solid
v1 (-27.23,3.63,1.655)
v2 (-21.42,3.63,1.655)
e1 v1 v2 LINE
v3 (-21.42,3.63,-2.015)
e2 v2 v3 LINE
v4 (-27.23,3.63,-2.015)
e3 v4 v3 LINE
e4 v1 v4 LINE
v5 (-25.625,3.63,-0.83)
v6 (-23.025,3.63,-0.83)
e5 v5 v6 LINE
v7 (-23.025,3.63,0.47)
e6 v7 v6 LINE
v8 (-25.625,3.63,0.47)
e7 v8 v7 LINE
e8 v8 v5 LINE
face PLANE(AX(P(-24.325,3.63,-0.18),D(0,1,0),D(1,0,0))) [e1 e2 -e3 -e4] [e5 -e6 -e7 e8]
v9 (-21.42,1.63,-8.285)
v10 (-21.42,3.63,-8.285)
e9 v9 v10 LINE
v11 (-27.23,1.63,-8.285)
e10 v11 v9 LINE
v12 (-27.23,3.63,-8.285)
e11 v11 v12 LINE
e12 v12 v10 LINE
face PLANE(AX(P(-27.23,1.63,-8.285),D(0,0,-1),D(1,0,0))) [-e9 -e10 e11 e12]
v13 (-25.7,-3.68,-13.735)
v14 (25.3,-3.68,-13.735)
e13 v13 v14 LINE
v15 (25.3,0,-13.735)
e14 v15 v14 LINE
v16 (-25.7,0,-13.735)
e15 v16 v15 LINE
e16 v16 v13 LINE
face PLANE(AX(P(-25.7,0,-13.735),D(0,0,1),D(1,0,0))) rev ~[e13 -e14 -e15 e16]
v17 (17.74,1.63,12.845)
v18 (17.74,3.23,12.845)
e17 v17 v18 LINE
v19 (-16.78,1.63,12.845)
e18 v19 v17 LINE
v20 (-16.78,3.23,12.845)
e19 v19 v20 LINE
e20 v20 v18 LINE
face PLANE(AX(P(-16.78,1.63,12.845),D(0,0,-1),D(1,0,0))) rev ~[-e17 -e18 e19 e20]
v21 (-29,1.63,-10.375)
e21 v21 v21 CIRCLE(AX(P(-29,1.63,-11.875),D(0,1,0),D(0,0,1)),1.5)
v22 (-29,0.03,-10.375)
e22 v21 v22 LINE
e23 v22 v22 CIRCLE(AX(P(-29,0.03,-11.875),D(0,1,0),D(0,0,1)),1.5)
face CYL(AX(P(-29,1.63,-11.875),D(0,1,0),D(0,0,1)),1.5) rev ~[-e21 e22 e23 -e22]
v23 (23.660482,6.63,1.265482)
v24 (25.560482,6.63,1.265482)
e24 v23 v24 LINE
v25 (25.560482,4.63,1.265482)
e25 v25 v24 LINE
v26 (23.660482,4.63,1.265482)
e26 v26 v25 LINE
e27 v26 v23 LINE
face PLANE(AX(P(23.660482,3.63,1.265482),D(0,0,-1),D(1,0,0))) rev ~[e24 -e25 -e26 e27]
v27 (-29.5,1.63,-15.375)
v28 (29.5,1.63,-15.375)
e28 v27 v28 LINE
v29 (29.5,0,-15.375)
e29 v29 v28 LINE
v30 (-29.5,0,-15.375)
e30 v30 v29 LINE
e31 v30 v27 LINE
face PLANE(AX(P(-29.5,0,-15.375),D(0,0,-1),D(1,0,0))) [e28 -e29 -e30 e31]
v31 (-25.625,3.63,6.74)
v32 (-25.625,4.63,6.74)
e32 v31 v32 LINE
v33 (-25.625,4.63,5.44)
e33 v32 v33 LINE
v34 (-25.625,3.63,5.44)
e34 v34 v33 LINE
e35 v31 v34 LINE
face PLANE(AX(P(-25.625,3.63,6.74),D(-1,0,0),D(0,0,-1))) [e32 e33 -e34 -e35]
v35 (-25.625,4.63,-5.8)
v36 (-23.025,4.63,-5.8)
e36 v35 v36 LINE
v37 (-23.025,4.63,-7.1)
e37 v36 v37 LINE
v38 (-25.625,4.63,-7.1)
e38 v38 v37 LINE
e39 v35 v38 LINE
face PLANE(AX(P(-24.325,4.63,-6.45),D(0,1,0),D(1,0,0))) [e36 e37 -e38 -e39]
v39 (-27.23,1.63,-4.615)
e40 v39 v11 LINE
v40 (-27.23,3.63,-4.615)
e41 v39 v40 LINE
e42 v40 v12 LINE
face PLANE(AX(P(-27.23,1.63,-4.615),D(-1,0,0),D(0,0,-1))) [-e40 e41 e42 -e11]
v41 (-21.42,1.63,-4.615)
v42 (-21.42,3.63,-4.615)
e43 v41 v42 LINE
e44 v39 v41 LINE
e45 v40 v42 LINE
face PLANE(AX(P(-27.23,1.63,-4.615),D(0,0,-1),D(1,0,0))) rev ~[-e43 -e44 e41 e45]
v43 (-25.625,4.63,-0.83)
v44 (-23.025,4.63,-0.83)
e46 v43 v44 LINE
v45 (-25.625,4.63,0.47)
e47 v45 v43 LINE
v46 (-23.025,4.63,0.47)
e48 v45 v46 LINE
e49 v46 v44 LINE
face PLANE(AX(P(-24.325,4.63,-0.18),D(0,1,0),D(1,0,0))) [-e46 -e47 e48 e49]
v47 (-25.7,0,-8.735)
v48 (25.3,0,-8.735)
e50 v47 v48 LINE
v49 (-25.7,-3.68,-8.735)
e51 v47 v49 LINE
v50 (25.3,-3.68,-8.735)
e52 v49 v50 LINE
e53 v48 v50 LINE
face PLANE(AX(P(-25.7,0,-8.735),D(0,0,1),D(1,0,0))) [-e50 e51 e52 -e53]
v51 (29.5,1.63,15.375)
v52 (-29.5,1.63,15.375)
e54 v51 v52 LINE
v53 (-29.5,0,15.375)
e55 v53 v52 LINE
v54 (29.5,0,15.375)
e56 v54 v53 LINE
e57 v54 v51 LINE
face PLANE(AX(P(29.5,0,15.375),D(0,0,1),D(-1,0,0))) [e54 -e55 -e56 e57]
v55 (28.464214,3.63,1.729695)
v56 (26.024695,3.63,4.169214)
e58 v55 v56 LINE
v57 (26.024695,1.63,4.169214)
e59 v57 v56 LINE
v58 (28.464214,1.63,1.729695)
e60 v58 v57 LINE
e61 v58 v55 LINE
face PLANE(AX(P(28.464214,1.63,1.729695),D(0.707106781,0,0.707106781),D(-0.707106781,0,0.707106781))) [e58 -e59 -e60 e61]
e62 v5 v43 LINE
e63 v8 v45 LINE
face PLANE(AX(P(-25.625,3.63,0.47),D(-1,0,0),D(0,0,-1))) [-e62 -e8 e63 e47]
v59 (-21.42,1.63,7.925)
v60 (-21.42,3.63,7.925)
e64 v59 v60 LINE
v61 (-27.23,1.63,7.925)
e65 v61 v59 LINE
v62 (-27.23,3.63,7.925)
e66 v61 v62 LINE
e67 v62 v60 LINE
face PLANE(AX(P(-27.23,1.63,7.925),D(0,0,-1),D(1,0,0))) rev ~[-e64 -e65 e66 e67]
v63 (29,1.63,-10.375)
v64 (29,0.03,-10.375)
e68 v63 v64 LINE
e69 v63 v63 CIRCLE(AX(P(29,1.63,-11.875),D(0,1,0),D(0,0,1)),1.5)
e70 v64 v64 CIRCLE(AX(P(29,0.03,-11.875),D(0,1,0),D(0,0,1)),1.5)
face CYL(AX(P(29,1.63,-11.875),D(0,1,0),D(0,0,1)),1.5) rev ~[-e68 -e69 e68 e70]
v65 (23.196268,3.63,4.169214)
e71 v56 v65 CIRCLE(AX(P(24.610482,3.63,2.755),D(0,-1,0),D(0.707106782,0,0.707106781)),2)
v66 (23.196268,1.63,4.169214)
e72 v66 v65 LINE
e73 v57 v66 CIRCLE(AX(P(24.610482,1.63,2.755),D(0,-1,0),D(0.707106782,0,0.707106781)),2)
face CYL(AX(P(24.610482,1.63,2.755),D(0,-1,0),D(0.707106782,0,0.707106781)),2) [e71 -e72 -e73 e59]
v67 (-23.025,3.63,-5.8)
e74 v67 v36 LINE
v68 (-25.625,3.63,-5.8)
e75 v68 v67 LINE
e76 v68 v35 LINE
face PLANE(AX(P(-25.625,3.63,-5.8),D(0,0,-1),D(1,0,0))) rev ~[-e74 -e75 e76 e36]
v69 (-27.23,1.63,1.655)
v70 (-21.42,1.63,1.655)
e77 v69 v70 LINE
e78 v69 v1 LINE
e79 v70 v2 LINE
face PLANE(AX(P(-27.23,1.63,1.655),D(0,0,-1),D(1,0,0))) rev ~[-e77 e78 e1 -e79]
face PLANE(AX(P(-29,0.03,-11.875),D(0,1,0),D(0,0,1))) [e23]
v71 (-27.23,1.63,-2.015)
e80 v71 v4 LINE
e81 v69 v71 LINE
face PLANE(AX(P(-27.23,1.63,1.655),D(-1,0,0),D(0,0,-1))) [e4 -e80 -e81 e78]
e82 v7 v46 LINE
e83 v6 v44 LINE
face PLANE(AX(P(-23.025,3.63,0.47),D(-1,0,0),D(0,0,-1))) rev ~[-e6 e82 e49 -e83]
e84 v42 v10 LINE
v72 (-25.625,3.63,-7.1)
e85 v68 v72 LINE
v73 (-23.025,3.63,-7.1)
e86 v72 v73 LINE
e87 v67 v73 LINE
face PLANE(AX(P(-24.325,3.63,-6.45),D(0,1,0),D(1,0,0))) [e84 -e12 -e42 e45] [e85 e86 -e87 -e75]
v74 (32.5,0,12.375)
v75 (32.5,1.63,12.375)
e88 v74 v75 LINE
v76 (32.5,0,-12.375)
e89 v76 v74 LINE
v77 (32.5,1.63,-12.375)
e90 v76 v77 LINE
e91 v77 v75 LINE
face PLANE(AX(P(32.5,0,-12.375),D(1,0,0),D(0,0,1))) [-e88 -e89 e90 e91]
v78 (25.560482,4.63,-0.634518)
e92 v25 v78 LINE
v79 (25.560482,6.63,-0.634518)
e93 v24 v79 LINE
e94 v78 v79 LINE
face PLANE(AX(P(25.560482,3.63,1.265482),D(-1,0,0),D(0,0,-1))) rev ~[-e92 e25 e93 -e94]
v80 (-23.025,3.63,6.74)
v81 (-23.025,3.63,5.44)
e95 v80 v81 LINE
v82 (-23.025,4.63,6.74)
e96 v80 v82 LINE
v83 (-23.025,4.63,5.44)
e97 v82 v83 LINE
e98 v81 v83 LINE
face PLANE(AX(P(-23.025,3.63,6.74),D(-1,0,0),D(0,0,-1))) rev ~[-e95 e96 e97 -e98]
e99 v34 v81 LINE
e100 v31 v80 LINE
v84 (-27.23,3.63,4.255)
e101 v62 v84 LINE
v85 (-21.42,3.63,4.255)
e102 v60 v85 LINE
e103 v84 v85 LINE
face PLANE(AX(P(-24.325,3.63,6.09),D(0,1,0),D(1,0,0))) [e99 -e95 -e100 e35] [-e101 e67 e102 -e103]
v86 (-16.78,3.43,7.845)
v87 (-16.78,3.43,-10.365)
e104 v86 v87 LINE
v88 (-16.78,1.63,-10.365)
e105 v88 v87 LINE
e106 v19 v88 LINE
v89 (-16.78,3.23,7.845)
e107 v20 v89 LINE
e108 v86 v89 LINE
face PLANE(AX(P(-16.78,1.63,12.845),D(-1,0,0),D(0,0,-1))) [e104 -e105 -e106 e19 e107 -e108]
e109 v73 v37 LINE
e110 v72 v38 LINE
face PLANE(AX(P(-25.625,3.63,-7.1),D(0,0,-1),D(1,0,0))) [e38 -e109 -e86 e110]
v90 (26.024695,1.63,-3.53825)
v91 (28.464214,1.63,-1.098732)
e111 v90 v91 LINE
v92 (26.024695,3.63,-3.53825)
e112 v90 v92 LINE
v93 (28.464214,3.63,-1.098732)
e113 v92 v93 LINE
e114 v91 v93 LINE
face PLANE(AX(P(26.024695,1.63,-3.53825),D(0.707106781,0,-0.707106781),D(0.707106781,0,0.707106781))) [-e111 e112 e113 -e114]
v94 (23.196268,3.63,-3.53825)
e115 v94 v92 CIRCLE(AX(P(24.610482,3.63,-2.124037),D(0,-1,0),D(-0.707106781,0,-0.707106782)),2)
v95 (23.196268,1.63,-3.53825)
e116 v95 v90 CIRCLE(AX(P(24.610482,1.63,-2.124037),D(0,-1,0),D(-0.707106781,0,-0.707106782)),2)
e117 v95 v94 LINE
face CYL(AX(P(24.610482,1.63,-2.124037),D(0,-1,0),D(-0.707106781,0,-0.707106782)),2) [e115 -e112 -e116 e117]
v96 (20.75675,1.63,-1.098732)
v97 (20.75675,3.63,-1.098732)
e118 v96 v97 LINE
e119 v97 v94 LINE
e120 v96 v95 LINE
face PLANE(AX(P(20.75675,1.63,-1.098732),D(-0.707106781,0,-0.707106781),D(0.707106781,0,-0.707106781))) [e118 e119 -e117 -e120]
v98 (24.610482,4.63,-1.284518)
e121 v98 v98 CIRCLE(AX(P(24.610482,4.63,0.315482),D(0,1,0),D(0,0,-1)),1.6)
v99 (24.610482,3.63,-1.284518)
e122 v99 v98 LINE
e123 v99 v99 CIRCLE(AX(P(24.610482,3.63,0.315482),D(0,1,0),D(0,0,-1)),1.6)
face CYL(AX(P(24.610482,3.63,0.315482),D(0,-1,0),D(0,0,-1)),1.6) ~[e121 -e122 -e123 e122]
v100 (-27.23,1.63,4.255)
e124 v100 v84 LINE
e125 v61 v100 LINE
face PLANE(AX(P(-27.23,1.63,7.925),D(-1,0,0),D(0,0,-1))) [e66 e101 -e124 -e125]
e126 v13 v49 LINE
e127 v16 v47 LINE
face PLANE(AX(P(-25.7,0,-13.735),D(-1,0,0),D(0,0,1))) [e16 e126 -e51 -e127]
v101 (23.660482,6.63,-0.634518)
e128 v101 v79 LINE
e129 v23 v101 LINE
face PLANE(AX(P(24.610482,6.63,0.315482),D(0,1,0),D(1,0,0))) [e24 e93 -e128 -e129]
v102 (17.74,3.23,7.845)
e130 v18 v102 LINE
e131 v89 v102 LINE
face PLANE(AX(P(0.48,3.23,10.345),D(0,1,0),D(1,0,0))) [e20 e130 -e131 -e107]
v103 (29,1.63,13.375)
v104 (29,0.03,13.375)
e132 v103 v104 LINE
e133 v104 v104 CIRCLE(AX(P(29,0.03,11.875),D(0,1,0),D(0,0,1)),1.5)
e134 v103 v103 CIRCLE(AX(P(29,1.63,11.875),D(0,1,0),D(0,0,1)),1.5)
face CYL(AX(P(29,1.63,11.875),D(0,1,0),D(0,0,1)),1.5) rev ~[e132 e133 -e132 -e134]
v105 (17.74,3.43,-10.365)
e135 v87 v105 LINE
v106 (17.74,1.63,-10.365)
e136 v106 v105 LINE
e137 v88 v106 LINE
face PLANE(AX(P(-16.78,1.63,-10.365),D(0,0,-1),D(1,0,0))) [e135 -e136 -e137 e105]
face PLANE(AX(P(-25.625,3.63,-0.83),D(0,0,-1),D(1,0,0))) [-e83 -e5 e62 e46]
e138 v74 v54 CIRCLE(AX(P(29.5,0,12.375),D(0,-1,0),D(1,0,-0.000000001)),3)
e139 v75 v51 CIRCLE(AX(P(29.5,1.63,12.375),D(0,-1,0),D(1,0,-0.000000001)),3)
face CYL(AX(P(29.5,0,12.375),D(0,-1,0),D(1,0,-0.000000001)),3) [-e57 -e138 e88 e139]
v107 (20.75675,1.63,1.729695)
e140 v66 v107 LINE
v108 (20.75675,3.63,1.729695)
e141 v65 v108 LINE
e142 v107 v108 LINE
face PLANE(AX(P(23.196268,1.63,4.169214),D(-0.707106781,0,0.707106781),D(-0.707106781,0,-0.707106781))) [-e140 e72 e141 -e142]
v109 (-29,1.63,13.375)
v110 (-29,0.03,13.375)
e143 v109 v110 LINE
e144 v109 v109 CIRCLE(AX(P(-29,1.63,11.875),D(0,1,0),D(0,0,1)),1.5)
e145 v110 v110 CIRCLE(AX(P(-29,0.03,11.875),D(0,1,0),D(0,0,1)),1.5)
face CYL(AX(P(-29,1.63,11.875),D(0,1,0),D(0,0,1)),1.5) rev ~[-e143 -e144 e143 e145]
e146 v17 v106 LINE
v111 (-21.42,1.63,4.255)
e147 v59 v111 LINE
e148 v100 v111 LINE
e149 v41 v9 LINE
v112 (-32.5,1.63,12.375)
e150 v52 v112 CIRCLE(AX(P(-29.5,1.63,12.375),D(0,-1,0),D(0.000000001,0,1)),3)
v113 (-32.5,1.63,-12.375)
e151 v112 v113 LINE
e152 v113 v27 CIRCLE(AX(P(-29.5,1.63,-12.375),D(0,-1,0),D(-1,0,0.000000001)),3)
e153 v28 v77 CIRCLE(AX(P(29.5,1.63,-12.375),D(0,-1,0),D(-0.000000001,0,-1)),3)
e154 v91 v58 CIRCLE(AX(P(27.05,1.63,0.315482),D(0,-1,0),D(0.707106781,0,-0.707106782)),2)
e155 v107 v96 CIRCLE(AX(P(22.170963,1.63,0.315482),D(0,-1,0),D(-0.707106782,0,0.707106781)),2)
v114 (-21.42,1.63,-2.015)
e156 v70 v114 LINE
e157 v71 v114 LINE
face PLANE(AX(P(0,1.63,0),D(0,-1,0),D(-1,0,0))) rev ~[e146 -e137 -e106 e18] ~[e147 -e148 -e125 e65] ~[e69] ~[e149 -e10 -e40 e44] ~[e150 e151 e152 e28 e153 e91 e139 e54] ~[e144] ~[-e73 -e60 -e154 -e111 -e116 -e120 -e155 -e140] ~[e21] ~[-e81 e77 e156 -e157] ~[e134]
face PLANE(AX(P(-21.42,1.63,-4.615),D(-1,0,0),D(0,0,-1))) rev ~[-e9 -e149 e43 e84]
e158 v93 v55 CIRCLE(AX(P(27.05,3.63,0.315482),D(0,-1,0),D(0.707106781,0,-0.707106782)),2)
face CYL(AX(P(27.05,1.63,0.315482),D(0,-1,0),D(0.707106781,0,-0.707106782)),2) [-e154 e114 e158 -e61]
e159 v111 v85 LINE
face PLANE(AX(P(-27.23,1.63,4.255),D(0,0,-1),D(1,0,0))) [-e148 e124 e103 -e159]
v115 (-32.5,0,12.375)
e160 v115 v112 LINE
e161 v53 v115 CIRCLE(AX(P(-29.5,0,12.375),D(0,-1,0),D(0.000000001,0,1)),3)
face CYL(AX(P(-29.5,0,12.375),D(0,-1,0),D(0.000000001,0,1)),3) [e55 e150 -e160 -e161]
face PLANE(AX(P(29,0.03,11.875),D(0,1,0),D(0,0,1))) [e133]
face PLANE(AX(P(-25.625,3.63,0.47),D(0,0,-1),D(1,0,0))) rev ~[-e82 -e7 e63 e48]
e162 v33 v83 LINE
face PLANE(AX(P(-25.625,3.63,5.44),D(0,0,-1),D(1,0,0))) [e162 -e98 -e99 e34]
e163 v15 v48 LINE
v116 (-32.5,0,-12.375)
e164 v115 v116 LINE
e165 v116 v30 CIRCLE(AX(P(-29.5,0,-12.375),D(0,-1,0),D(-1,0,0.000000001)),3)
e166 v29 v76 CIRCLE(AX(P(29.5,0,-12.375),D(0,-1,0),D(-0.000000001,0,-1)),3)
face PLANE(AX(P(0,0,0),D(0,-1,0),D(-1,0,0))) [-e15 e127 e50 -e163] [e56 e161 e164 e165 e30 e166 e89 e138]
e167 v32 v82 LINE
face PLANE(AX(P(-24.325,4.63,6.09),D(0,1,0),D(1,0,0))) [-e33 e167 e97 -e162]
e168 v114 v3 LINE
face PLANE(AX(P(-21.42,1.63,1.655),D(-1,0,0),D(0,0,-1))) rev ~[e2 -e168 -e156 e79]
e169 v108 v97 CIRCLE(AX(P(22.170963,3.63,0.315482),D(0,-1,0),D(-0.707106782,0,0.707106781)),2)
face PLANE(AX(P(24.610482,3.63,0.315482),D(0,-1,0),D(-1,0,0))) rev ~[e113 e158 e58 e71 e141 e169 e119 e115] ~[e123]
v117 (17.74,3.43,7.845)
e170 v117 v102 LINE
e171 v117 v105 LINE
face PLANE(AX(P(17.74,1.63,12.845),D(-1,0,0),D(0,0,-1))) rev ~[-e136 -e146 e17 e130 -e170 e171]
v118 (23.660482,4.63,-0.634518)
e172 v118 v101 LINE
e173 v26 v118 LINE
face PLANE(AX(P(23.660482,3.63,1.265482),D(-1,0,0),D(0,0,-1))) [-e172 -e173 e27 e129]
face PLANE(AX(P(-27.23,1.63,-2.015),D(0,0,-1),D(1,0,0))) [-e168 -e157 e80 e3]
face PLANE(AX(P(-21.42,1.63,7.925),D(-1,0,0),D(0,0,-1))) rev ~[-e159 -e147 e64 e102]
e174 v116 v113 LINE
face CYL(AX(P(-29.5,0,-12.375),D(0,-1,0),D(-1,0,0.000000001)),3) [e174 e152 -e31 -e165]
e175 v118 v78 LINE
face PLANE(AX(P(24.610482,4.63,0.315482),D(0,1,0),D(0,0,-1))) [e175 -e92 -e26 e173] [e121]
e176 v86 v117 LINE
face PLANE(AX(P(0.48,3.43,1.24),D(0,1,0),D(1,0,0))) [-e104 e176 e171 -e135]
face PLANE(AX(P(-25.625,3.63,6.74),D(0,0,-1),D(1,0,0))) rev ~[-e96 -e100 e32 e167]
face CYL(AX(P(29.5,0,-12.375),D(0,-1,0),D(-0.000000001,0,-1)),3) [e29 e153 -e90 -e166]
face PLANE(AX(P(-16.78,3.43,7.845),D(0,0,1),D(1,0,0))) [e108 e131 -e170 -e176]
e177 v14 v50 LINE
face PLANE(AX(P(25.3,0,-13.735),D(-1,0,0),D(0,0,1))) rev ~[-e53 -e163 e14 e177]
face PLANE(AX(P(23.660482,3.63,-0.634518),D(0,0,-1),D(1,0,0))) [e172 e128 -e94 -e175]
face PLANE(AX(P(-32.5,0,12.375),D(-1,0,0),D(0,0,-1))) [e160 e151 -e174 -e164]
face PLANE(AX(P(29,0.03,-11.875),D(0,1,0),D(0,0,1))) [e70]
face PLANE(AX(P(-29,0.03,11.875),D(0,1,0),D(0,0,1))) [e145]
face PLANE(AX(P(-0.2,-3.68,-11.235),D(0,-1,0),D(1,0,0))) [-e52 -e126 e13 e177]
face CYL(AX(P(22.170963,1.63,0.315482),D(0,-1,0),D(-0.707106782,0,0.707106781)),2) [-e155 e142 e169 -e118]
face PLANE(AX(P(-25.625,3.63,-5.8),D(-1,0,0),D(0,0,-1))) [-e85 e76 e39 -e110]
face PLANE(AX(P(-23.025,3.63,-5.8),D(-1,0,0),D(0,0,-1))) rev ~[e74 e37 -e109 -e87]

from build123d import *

# Parameters (mm, degrees)
EXTRUDE_1_DEPTH     = 1.63
SKETCH_2_R          = 1.5
CUT_EXTRUDE_1_DEPTH = 1.6
SKETCH_3_W          = 34.52
SKETCH_3_H          = 23.21
EXTRUDE_2_DEPTH     = 1.8
EXTRUDE_3_DEPTH     = 2
SKETCH_4_W          = 5.81
SKETCH_4_H          = 3.67
EXTRUDE_4_DEPTH     = 2
SKETCH_7_W          = 2.6
SKETCH_7_H          = 1.3
EXTRUDE_5_DEPTH     = 1
SKETCH_8_W          = 51
SKETCH_8_H          = 5
EXTRUDE_6_DEPTH     = 3.68
SKETCH_9_W          = 1.9
SKETCH_9_H          = 1.9
EXTRUDE_7_DEPTH     = 3
SKETCH_10_R         = 1.6
EXTRUDE_8_DEPTH     = 1
SKETCH_11_W         = 34.52
SKETCH_11_H         = 5
CUT_EXTRUDE_2_DEPTH = 0.2


with BuildPart() as part:
    # 草图1 → 凸台-拉伸1 (new body)
    with BuildSketch(Plane(origin=(0, 0, 0), x_dir=(1, 0, 0), z_dir=(0, 1, 0))):
        with BuildLine():
            Line((-29.5, 15.375), (29.5, 15.375))
            ThreePointArc((29.5, 15.375), (31.621320344, 14.496320344), (32.5, 12.375))
            Line((32.5, 12.375), (32.5, -12.375))
            ThreePointArc((32.5, -12.375), (31.621320344, -14.496320344), (29.5, -15.375))
            Line((29.5, -15.375), (-29.5, -15.375))
            ThreePointArc((-29.5, -15.375), (-31.621320344, -14.496320344), (-32.5, -12.375))
            Line((-32.5, -12.375), (-32.5, 12.375))
            ThreePointArc((-32.5, 12.375), (-31.621320344, 14.496320344), (-29.5, 15.375))
        make_face()
    extrude(amount=EXTRUDE_1_DEPTH)

    # 草图2 → 切除-拉伸1 (cut)
    with BuildSketch(Plane(origin=(0, 1.63, 0), x_dir=(1, 0, 0), z_dir=(0, 1, 0))):
        with Locations(Location((-29, 11.875, 0), (0, 0, 270))):  # turned: the seam where the file's is
            Circle(SKETCH_2_R)
        with Locations(Location((-29, -11.875, 0), (0, 0, 270))):  # turned: the seam where the file's is
            Circle(SKETCH_2_R)
        with Locations(Location((29, -11.875, 0), (0, 0, 270))):  # turned: the seam where the file's is
            Circle(SKETCH_2_R)
        with Locations(Location((29, 11.875, 0), (0, 0, 270))):  # turned: the seam where the file's is
            Circle(SKETCH_2_R)
    extrude(amount=-CUT_EXTRUDE_1_DEPTH, mode=Mode.SUBTRACT)

    # 草图3 → 凸台-拉伸2 (add)
    with BuildSketch(Plane(origin=(0, 1.63, 0), x_dir=(1, 0, 0), z_dir=(0, 1, 0))):
        with Locations((0.48, -1.24)):
            Rectangle(SKETCH_3_W, SKETCH_3_H)
    extrude(amount=EXTRUDE_2_DEPTH)

    # 草图5 → 凸台-拉伸3 (add)
    with BuildSketch(Plane(origin=(0, 1.63, 0), x_dir=(1, 0, 0), z_dir=(0, 1, 0))):
        with BuildLine():
            Line((26.024695167, 3.538250353), (28.464213562, 1.098731957))
            ThreePointArc((28.464213562, 1.098731957), (29.05, -0.315481605), (28.464213562, -1.729695167))
            Line((28.464213562, -1.729695167), (26.024695167, -4.169213562))
            ThreePointArc((26.024695167, -4.169213562), (24.610481605, -4.755), (23.196268043, -4.169213562))
            Line((23.196268043, -4.169213562), (20.756749647, -1.729695167))
            ThreePointArc((20.756749647, -1.729695167), (20.17096321, -0.315481605), (20.756749647, 1.098731957))
            Line((20.756749647, 1.098731957), (23.196268043, 3.538250353))
            ThreePointArc((23.196268043, 3.538250353), (24.610481605, 4.12403679), (26.024695167, 3.538250353))
        make_face()
    extrude(amount=EXTRUDE_3_DEPTH)

    # 草图4 → 凸台-拉伸4 (add)
    with BuildSketch(Plane(origin=(0, 1.63, 0), x_dir=(1, 0, 0), z_dir=(0, 1, 0))):
        with Locations((-24.325, 6.45)):
            Rectangle(SKETCH_4_W, SKETCH_4_H)
        with Locations((-24.325, 0.18)):
            Rectangle(SKETCH_4_W, SKETCH_4_H)
        with Locations((-24.325, -6.09)):
            Rectangle(SKETCH_4_W, SKETCH_4_H)
    extrude(amount=EXTRUDE_4_DEPTH)

    # 草图7 → 凸台-拉伸5 (add)
    with BuildSketch(Plane(origin=(0, 3.63, 0), x_dir=(1, 0, 0), z_dir=(0, 1, 0))):
        with Locations((-24.325, 6.45)):
            Rectangle(SKETCH_7_W, SKETCH_7_H)
        with Locations((-24.325, 0.18)):
            Rectangle(SKETCH_7_W, SKETCH_7_H)
        with Locations((-24.325, -6.09)):
            Rectangle(SKETCH_7_W, SKETCH_7_H)
    extrude(amount=EXTRUDE_5_DEPTH)

    # 草图8 → 凸台-拉伸6 (add)
    with BuildSketch(Plane.XZ):
        with Locations((-0.2, -11.235)):
            Rectangle(SKETCH_8_W, SKETCH_8_H)
    extrude(amount=EXTRUDE_6_DEPTH)

    # 草图9 → 凸台-拉伸7 (add)
    with BuildSketch(Plane(origin=(0, 3.63, 0), x_dir=(1, 0, 0), z_dir=(0, 1, 0))):
        with Locations((24.610481605, -0.315481605)):
            Rectangle(SKETCH_9_W, SKETCH_9_H)
    extrude(amount=EXTRUDE_7_DEPTH)

    # 草图10 → 凸台-拉伸8 (add)
    with BuildSketch(Plane(origin=(0, 3.63, 0), x_dir=(1, 0, 0), z_dir=(0, 1, 0))):
        with Locations(Location((24.610481605, -0.315481605, 0), (0, 0, 90))):  # turned: the seam where the file's is
            Circle(SKETCH_10_R)
    extrude(amount=EXTRUDE_8_DEPTH)

    # 草图11 → 切除-拉伸2 (cut)
    with BuildSketch(Plane(origin=(0, 3.43, 0), x_dir=(1, 0, 0), z_dir=(0, 1, 0))):
        with Locations((0.48, -10.345)):
            Rectangle(SKETCH_11_W, SKETCH_11_H)
    extrude(amount=-CUT_EXTRUDE_2_DEPTH, mode=Mode.SUBTRACT)


solid = part.part
